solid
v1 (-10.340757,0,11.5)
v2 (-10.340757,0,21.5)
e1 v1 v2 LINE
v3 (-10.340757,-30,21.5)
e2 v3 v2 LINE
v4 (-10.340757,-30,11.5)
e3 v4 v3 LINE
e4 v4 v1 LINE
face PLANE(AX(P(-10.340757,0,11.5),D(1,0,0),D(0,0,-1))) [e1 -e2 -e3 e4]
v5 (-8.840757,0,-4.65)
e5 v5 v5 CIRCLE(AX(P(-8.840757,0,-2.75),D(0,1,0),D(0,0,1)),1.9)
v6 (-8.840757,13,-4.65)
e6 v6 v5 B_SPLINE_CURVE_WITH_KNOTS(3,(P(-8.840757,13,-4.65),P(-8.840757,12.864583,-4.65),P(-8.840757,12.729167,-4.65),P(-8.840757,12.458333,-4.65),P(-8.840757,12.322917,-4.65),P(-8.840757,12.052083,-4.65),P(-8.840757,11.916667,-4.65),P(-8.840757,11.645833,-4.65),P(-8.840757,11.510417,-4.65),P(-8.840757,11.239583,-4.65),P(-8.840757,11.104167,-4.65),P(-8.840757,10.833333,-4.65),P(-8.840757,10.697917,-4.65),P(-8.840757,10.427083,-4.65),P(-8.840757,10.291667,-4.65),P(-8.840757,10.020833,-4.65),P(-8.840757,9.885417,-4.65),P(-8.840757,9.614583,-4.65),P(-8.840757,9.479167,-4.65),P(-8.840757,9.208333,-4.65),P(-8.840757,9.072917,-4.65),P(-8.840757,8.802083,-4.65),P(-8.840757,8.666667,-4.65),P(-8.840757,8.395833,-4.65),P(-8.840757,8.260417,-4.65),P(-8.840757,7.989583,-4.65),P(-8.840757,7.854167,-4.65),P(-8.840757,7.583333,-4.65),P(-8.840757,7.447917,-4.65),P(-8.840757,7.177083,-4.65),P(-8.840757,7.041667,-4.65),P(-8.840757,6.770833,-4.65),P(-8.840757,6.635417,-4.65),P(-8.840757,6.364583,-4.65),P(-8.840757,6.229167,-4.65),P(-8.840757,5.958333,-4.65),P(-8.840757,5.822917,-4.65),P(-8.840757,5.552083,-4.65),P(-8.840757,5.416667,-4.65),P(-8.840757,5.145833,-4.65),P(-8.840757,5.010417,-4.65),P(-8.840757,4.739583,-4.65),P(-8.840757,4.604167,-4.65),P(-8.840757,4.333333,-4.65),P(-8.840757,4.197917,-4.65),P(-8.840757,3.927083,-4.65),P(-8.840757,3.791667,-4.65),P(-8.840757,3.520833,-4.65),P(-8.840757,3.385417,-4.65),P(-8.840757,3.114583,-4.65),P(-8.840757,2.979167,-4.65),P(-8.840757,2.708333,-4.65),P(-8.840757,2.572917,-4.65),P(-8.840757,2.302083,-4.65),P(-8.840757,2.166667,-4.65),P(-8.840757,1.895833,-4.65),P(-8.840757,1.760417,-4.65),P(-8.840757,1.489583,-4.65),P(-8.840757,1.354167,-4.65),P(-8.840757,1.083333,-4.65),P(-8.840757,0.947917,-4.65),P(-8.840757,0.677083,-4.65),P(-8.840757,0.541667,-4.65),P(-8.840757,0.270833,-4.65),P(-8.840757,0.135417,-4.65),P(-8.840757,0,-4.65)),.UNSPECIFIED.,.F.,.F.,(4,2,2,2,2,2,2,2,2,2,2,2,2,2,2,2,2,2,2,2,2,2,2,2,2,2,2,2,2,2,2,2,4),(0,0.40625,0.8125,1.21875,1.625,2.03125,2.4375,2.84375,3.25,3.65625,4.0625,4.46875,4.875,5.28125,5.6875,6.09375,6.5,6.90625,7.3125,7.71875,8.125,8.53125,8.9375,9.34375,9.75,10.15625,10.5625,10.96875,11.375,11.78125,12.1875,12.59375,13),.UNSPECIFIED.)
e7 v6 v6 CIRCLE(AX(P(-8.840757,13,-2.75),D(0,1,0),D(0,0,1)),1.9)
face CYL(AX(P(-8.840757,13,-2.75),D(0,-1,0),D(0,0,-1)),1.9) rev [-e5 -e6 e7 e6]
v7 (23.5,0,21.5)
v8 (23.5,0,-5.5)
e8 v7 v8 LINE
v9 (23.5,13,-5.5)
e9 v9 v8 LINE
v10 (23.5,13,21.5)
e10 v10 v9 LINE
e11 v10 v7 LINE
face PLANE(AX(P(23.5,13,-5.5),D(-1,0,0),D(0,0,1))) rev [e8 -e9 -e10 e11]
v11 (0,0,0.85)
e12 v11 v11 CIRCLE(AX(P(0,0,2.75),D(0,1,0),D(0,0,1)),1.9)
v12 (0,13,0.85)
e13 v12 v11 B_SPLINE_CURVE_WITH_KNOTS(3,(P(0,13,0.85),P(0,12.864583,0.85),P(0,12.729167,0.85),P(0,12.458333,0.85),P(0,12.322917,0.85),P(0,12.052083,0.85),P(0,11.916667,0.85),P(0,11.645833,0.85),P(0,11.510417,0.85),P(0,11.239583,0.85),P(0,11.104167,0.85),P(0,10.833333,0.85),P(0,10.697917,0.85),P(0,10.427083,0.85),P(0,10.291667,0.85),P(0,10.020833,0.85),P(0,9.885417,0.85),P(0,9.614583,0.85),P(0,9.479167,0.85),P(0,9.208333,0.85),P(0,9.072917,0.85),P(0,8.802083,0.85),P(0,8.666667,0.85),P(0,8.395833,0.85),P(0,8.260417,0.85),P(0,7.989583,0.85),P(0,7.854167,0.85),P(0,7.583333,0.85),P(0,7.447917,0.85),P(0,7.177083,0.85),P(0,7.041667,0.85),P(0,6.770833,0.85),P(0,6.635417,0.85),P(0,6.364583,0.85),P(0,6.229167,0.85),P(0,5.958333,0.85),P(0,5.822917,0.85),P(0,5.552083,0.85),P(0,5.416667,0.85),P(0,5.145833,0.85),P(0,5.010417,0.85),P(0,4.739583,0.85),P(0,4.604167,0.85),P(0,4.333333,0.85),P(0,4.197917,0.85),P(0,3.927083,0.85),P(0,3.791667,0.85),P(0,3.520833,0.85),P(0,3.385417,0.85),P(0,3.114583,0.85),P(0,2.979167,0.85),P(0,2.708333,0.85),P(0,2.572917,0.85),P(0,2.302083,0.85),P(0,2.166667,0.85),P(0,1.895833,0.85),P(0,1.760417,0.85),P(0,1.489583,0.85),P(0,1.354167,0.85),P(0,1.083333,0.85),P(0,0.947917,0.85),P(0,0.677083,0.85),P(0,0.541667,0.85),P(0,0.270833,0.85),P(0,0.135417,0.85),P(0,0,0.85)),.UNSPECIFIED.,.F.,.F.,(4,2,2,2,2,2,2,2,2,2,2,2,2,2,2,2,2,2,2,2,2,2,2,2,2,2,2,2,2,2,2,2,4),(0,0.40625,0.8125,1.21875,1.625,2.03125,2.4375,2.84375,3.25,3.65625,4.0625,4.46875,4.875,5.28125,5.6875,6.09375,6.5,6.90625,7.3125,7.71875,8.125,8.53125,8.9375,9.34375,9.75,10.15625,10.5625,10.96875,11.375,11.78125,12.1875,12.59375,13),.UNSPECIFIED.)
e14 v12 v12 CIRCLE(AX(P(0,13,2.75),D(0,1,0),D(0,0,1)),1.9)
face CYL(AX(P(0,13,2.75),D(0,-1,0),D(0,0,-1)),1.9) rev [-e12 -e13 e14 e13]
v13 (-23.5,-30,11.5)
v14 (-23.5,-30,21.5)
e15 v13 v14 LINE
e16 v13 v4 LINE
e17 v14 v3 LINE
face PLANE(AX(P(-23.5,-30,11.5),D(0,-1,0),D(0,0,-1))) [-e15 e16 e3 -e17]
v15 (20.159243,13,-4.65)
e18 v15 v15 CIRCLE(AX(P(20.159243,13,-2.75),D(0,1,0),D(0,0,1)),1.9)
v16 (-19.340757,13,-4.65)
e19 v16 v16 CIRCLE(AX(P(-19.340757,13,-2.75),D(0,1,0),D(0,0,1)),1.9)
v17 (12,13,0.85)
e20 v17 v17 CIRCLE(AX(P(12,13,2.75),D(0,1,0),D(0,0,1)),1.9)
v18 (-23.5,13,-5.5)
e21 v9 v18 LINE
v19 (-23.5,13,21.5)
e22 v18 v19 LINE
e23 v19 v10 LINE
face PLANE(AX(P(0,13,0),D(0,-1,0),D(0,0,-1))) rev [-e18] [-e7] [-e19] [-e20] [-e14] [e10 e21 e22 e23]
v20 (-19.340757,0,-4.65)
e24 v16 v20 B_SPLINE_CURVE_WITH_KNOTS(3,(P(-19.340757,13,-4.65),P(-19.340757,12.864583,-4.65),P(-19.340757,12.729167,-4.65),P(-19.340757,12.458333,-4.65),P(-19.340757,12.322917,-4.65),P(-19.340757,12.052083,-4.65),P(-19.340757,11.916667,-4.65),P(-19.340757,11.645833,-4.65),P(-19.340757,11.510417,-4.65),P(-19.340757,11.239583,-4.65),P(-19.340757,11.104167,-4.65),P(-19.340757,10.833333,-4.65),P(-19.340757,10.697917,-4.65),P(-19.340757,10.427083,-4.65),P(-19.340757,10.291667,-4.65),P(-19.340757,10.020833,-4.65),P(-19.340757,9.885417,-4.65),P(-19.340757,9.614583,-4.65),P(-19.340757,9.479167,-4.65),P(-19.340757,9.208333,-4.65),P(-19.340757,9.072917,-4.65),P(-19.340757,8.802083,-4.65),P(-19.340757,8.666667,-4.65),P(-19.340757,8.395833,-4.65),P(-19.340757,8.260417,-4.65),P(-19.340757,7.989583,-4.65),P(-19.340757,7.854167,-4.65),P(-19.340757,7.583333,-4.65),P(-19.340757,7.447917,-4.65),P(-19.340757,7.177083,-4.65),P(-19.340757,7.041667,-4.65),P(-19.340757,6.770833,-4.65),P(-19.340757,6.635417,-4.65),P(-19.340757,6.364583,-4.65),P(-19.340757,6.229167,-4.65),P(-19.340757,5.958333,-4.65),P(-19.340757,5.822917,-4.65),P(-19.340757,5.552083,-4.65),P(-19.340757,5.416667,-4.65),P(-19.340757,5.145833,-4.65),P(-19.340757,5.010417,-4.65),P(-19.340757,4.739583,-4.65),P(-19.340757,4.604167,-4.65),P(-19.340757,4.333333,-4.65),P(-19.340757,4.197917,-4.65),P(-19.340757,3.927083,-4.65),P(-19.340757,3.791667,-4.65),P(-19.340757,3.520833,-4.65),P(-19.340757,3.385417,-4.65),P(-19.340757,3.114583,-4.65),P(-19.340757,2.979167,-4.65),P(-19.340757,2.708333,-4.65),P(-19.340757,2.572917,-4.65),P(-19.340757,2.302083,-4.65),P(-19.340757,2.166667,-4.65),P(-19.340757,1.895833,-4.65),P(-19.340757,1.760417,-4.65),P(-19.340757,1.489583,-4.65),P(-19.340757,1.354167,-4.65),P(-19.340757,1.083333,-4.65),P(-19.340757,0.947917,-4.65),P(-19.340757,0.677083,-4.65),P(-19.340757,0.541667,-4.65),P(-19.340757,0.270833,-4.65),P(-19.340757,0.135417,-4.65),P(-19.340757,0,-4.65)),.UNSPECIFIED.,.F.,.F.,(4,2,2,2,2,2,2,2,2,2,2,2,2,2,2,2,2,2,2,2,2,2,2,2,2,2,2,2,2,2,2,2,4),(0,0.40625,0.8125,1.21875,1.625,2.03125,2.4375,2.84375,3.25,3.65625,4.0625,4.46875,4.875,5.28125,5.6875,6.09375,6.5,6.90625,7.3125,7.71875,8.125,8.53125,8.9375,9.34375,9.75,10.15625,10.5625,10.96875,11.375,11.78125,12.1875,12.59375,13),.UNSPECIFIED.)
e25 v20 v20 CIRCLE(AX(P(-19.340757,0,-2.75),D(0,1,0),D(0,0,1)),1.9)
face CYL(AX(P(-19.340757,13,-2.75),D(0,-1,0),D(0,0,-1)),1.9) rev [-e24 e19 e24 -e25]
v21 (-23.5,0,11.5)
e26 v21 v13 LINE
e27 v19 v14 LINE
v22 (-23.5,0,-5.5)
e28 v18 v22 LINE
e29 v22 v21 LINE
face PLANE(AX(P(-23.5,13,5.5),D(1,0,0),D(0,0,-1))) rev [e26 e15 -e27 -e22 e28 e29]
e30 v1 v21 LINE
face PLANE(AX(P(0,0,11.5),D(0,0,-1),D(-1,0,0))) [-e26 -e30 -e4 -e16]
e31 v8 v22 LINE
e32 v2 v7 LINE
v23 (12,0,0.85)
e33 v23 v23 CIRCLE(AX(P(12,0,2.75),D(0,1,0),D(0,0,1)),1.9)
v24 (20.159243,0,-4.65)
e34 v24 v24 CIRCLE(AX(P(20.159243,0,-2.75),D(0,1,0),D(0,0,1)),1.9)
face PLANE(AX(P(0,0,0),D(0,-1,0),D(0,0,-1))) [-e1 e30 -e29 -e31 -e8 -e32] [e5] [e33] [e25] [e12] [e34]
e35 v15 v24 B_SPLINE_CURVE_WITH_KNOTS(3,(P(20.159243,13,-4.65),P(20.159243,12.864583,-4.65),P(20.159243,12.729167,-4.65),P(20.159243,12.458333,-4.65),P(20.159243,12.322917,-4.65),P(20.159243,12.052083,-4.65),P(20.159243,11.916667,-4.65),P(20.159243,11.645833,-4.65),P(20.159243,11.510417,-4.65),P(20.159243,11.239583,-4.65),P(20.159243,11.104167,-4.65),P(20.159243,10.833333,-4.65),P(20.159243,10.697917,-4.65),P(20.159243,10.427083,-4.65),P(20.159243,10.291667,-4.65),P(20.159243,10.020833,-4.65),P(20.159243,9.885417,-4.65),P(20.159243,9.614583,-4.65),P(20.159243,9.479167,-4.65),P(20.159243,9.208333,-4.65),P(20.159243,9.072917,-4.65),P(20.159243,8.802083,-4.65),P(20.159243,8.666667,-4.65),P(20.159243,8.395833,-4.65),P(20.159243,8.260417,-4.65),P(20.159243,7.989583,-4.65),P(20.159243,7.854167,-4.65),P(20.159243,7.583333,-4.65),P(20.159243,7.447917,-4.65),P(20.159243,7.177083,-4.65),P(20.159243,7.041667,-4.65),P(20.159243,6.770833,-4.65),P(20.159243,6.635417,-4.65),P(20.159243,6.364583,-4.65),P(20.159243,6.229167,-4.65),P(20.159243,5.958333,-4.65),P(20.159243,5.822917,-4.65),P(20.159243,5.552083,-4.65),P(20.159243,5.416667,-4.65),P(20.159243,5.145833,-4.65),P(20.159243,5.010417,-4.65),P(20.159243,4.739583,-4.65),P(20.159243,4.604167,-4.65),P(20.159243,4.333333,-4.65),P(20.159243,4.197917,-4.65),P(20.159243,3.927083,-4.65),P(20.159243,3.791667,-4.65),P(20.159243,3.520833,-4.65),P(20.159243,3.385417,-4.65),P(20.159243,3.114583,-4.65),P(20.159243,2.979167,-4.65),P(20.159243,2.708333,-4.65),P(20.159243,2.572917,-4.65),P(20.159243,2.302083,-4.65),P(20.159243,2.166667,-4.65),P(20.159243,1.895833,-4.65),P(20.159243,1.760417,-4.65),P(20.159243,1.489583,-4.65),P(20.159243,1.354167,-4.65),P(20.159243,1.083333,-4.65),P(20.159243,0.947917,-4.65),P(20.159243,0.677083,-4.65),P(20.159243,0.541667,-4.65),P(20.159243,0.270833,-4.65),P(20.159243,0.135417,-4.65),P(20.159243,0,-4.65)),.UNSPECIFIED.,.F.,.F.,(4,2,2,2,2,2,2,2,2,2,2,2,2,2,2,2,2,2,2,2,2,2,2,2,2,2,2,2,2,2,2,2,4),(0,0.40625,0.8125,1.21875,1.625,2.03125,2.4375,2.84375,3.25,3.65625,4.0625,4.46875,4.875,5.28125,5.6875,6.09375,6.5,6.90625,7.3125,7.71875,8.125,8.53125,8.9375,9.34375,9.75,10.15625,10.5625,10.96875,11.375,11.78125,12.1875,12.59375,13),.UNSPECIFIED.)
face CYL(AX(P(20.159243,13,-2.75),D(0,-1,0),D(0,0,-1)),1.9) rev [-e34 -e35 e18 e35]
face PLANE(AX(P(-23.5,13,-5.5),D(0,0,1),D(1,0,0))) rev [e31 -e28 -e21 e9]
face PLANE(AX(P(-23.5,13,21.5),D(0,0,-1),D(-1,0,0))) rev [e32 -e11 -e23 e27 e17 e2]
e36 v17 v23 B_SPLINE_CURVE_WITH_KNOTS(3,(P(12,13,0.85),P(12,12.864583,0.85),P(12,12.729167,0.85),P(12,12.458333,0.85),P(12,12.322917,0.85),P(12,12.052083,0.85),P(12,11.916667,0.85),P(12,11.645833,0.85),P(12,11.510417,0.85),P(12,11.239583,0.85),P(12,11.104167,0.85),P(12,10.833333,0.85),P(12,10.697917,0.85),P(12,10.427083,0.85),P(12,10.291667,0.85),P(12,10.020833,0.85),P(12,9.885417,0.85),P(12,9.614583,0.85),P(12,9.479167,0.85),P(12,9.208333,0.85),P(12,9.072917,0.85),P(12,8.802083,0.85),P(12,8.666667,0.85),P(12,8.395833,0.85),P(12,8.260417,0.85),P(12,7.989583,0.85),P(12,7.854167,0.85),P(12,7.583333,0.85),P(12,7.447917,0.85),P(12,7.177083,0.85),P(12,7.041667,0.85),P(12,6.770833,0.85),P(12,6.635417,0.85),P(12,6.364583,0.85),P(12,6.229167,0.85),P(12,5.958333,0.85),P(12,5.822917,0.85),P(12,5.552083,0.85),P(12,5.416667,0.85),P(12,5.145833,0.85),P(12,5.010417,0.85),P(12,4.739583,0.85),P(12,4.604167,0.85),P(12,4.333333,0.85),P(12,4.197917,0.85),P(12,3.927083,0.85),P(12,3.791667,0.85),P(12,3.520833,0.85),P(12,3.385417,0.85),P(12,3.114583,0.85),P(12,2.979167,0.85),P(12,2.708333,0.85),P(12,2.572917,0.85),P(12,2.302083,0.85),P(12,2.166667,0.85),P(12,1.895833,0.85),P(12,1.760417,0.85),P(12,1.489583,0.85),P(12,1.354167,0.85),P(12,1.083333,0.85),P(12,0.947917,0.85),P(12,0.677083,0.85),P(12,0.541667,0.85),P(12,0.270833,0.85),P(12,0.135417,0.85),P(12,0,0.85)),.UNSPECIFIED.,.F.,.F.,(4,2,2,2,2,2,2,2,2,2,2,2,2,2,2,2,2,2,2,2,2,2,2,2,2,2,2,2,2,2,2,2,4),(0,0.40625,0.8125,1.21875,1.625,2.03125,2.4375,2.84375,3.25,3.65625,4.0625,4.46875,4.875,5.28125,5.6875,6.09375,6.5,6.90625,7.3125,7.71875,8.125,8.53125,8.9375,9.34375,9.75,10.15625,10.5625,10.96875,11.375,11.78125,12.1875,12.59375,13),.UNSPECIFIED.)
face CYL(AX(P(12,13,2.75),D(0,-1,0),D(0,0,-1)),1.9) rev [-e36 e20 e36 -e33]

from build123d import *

# Parameters (mm, degrees)
SKETCH_1_R      = 1.9
EXTRUDE_1_DEPTH = 13
SKETCH_2_W      = 13.159242617
SKETCH_2_H      = 30
EXTRUDE_2_DEPTH = 10


with BuildPart() as part:
    # 草图1 → 凸台-拉伸1 (new body)
    with BuildSketch(Plane(origin=(0, 0, 0), x_dir=(1, 0, 0), z_dir=(0, 1, 0))):
        Polygon((-23.5, -5.5), (-23.5, -21.5), (23.5, -21.5), (23.5, -5.5), (23.5, 5.5), (-23.5, 5.5), align=None)
        with Locations(Location((20.159242617, 2.75, 0), (0, 0, 90))):
            Circle(SKETCH_1_R, mode=Mode.SUBTRACT)
        with Locations(Location((-8.840757383, 2.75, 0), (0, 0, 90))):
            Circle(SKETCH_1_R, mode=Mode.SUBTRACT)
        with Locations(Location((-19.340757383, 2.75, 0), (0, 0, 90))):
            Circle(SKETCH_1_R, mode=Mode.SUBTRACT)
        with Locations(Location((0, -2.75, 0), (0, 0, 90))):
            Circle(SKETCH_1_R, mode=Mode.SUBTRACT)
        with Locations(Location((12, -2.75, 0), (0, 0, 90))):
            Circle(SKETCH_1_R, mode=Mode.SUBTRACT)
    extrude(amount=EXTRUDE_1_DEPTH)

    # 草图2 → 凸台-拉伸2 (add)
    with BuildSketch(Plane.XY.offset(21.5)):
        with Locations((-16.920378692, -15)):
            Rectangle(SKETCH_2_W, SKETCH_2_H)
    extrude(amount=-EXTRUDE_2_DEPTH)


solid = part.part
